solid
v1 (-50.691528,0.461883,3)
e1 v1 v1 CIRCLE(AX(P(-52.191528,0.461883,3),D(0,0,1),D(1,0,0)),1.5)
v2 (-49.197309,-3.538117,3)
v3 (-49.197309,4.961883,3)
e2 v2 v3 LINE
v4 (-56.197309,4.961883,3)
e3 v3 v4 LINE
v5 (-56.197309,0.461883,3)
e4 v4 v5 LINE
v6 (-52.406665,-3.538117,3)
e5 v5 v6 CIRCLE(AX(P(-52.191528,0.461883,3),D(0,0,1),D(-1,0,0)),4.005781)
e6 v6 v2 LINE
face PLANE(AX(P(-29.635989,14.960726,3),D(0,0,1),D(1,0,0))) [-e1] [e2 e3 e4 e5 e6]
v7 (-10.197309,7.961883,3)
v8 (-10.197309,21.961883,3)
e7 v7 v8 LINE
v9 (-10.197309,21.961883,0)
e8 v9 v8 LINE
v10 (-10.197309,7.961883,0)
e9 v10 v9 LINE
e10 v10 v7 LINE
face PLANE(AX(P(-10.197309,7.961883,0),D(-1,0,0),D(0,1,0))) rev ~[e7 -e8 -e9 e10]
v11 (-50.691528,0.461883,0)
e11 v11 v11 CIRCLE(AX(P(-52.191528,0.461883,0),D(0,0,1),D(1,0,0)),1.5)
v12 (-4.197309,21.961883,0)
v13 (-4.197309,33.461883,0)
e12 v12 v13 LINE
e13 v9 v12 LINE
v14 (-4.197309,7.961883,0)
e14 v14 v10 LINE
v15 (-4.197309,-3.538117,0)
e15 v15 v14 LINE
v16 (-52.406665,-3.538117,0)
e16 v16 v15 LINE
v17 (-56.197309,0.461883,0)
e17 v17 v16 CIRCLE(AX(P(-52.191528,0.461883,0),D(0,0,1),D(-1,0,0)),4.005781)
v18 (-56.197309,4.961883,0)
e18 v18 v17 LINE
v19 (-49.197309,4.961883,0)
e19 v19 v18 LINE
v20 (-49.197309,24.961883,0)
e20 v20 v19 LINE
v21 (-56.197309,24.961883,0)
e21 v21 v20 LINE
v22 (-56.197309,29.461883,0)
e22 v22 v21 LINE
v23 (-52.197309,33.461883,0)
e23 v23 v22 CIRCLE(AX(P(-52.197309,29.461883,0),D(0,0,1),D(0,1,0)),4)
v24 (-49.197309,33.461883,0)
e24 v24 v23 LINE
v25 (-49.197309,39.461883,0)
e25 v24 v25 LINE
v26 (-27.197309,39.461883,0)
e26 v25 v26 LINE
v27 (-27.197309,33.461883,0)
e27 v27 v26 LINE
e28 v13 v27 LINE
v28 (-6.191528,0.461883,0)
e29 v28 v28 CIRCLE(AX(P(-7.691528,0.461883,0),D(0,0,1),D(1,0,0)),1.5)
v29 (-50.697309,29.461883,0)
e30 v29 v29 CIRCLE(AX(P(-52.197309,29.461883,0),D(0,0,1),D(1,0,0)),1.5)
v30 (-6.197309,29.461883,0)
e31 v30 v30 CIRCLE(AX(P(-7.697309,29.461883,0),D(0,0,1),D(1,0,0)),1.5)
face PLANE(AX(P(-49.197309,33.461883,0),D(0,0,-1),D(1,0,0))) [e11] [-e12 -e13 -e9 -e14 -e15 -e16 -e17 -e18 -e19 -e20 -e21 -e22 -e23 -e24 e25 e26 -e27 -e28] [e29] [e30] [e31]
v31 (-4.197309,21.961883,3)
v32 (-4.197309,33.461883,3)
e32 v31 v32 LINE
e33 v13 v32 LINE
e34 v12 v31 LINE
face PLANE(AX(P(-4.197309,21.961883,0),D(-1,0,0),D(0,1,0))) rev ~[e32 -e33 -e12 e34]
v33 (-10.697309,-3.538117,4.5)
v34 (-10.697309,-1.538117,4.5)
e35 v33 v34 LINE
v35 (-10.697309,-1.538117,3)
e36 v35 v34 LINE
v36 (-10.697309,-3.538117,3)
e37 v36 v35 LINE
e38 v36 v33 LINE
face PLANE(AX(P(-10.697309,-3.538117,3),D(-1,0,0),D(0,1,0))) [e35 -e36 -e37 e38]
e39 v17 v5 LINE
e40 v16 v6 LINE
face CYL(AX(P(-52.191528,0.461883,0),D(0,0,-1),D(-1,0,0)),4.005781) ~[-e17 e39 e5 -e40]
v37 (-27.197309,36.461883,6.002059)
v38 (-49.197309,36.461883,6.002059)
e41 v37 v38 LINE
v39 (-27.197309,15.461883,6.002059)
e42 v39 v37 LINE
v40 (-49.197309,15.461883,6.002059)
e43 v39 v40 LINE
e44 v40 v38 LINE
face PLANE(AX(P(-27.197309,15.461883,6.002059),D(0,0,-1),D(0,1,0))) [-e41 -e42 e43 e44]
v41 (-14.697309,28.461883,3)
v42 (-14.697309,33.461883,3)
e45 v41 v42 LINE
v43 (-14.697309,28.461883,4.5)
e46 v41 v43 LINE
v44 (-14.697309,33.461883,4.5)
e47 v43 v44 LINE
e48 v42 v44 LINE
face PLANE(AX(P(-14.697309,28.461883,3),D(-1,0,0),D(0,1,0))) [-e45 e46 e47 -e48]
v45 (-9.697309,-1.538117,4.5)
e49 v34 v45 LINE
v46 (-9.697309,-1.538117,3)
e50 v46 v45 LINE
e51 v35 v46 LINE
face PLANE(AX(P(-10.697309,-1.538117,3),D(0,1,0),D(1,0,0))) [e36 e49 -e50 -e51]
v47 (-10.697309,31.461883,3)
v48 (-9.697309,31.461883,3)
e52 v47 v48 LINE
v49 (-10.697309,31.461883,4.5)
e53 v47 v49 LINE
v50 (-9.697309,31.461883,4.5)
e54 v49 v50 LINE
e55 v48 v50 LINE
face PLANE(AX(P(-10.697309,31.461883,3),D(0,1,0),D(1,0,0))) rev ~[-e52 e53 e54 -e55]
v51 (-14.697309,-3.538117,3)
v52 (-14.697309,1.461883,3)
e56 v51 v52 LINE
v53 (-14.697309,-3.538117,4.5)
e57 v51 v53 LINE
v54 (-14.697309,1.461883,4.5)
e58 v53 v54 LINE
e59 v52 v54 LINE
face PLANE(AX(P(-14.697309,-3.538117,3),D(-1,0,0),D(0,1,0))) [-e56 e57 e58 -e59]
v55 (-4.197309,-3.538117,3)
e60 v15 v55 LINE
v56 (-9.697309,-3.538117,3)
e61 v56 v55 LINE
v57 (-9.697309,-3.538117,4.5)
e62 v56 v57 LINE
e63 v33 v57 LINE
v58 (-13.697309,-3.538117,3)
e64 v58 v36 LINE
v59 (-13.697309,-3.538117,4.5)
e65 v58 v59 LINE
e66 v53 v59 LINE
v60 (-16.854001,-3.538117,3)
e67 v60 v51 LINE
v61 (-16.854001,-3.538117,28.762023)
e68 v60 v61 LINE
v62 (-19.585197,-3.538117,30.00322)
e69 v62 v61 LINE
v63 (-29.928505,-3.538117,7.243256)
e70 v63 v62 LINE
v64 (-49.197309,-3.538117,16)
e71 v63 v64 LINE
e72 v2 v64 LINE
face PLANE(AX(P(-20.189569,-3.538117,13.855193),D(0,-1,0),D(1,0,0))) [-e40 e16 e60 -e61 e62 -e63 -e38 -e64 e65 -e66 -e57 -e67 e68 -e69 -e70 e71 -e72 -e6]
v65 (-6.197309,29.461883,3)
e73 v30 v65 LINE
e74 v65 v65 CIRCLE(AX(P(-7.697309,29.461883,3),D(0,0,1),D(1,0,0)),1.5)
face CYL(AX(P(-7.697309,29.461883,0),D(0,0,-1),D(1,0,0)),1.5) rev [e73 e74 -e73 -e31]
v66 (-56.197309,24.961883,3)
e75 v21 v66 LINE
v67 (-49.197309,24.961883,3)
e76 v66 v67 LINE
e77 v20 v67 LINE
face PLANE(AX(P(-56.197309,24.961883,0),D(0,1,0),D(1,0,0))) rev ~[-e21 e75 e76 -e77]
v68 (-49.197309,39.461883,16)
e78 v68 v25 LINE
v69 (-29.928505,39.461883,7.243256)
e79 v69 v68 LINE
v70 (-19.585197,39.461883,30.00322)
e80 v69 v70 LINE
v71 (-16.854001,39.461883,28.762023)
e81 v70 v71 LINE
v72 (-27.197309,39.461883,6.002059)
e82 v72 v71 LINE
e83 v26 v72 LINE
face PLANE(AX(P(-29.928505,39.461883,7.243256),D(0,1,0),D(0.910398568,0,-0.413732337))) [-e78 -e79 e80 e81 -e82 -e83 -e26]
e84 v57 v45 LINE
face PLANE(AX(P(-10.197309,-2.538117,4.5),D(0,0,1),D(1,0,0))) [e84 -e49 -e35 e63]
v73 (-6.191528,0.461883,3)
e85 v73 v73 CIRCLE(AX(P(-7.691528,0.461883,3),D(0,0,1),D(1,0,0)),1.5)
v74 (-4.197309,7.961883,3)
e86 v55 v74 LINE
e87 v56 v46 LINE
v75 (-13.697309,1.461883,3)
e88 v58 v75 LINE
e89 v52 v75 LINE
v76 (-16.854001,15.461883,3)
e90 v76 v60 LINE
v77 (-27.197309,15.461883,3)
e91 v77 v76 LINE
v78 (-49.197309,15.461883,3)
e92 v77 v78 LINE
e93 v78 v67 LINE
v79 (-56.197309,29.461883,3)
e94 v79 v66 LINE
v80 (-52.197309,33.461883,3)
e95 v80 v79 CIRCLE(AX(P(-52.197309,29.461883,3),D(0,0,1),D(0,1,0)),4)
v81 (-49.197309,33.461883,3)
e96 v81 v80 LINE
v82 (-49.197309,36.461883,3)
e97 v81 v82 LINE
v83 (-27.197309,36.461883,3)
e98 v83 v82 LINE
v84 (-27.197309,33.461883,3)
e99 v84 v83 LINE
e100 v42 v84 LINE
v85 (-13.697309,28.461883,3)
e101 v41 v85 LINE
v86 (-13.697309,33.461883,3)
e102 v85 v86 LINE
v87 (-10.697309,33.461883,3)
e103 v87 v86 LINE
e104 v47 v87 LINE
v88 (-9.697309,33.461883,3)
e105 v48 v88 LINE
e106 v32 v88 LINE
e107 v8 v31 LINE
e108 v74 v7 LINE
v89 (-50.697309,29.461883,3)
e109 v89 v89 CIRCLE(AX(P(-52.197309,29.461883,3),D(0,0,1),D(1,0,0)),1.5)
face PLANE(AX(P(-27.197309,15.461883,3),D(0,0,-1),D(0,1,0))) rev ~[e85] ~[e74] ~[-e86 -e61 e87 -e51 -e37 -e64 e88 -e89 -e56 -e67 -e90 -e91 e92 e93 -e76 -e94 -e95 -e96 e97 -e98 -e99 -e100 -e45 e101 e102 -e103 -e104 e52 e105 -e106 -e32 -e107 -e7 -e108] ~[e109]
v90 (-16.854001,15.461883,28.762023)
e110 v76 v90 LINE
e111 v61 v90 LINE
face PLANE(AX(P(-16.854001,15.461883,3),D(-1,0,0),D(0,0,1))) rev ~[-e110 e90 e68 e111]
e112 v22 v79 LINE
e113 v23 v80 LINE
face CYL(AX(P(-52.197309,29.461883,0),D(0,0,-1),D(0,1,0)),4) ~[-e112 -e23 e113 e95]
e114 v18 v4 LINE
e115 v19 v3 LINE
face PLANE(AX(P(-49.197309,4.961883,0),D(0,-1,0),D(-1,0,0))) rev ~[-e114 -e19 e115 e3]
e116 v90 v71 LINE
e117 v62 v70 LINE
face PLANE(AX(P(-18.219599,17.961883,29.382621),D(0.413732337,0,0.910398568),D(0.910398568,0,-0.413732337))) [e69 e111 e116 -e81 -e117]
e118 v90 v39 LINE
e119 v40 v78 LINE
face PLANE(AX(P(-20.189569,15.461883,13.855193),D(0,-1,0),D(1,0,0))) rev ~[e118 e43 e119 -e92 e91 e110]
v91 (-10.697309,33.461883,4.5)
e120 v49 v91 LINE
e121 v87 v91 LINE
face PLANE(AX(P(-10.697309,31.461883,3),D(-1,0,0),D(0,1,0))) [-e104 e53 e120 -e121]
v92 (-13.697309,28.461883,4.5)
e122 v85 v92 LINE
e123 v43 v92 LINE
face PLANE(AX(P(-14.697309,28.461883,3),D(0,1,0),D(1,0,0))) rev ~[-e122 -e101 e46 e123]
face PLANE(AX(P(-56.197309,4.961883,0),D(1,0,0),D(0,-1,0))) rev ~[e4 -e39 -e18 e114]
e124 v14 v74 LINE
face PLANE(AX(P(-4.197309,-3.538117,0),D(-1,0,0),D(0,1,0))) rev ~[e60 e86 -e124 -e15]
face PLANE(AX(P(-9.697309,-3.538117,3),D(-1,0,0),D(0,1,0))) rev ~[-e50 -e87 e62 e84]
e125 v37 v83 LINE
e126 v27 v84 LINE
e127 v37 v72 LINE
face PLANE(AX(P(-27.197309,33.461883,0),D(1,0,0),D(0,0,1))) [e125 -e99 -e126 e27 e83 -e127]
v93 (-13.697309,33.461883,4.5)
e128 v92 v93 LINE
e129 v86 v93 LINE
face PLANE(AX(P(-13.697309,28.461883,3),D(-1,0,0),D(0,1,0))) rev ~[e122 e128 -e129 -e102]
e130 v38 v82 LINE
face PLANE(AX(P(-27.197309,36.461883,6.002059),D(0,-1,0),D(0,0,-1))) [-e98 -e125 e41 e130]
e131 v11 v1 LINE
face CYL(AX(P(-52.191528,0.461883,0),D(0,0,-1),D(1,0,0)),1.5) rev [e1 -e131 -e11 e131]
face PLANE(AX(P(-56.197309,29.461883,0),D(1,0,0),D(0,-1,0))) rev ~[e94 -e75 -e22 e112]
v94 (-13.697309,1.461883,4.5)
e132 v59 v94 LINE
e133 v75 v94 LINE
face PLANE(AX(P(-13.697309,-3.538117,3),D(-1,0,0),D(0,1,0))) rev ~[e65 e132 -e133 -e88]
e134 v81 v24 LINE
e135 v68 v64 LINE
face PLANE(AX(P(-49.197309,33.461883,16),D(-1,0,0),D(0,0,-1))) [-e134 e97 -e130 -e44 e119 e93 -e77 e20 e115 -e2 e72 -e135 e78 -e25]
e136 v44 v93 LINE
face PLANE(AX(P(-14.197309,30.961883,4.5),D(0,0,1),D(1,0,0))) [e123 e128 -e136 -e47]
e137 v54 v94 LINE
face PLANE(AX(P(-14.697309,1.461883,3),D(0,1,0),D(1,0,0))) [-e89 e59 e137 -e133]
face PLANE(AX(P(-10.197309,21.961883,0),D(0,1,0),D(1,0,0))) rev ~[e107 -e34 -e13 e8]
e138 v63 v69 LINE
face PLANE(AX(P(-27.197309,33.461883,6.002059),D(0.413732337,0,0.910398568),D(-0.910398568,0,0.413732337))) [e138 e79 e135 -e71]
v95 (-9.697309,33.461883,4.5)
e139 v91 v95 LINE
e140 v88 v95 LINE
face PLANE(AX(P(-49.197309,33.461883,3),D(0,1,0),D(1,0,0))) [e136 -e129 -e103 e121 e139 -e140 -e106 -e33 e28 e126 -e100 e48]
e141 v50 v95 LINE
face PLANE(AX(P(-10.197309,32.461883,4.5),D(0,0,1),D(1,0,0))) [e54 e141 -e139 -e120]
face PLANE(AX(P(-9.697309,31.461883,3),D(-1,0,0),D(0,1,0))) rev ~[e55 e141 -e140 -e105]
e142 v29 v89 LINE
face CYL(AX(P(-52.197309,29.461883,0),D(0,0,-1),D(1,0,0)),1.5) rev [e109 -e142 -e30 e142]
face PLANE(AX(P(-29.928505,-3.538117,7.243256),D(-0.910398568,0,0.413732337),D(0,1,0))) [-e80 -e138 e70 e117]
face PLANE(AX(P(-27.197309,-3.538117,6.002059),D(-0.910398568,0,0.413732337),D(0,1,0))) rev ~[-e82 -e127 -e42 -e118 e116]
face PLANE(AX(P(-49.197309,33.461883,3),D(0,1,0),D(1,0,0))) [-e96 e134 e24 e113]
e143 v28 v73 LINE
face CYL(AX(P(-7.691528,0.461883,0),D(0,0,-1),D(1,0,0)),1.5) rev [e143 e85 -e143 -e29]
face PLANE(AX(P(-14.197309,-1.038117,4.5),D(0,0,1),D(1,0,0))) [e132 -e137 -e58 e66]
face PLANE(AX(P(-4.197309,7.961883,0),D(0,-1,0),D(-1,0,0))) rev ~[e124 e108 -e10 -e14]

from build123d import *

# Parameters (mm, degrees)
CROQUIS1_R              = 1.5
SALIENTE_EXTRUIR1_DEPTH = 3
CROQUIS3_W              = 22
CROQUIS3_H              = 37
SALIENTE_EXTRUIR2_DEPTH = 13
CORTAR_EXTRUIR1_START   = -37
CORTAR_EXTRUIR1_DEPTH   = 37
SALIENTE_EXTRUIR4_DEPTH = 6
CROQUIS7_W              = 3.002058729
CROQUIS7_H              = 21
CORTAR_EXTRUIR2_DEPTH   = 22
CROQUIS8_W              = 3
CROQUIS8_H              = 43
SALIENTE_EXTRUIR5_DEPTH = 25
SALIENTE_EXTRUIR6_START = -19
SALIENTE_EXTRUIR6_DEPTH = 19
CROQUIS13_W             = 1
CROQUIS13_H             = 2
CROQUIS13_H_2           = 5
SALIENTE_EXTRUIR8_DEPTH = 1.5


with BuildPart() as part:
    # Croquis1 → Saliente-Extruir1 (new body)
    with BuildSketch(Plane.XY):
        with BuildLine():
            Line((-4.197309417, 33.461883408), (-52.197309417, 33.461883408))
            ThreePointArc((-52.197309417, 33.461883408), (-55.025736542, 32.290310533), (-56.197309417, 29.461883408))
            Line((-56.197309417, 29.461883408), (-56.197309417, 24.961883408))
            Line((-56.197309417, 24.961883408), (-49.197309417, 24.961883408))
            Line((-49.197309417, 24.961883408), (-49.197309417, 4.961883408))
            Line((-49.197309417, 4.961883408), (-56.197309417, 4.961883408))
            Line((-56.197309417, 4.961883408), (-56.197309417, 0.461883408))
            ThreePointArc((-56.197309417, 0.461883408), (-55.099110766, -2.293519818), (-52.406664651, -3.538116592))
            Line((-52.406664651, -3.538116592), (-4.197309417, -3.538116592))
            Line((-4.197309417, -3.538116592), (-4.197309417, 7.961883408))
            Line((-4.197309417, 7.961883408), (-10.197309417, 7.961883408))
            Line((-10.197309417, 7.961883408), (-10.197309417, 21.961883408))
            Line((-10.197309417, 21.961883408), (-4.197309417, 21.961883408))
            Line((-4.197309417, 21.961883408), (-4.197309417, 33.461883408))
        make_face()
        with Locations((-52.19152813, 0.461883408)):
            Circle(CROQUIS1_R, mode=Mode.SUBTRACT)
        with Locations((-7.69152813, 0.461883408)):
            Circle(CROQUIS1_R, mode=Mode.SUBTRACT)
        with Locations((-52.197309417, 29.461883408)):
            Circle(CROQUIS1_R, mode=Mode.SUBTRACT)
        with Locations((-7.697309417, 29.461882832)):
            Circle(CROQUIS1_R, mode=Mode.SUBTRACT)
    extrude(amount=SALIENTE_EXTRUIR1_DEPTH)

    # Croquis3 → Saliente-Extruir2 (add)
    with BuildSketch(Plane.XY.offset(3)):
        with Locations((-38.197309417, 14.961883408)):
            Rectangle(CROQUIS3_W, CROQUIS3_H)
    extrude(amount=SALIENTE_EXTRUIR2_DEPTH)

    # Croquis4 → Cortar-Extruir1 (cut)
    with BuildSketch(Plane.XZ.offset(3.538116592).offset(CORTAR_EXTRUIR1_START)):
        Polygon((-27.197309417, 16), (-27.197309417, 6.002058729), (-49.197309417, 16), align=None)
    extrude(amount=CORTAR_EXTRUIR1_DEPTH, mode=Mode.SUBTRACT)

    # Croquis6 → Saliente-Extruir4 (add)
    with BuildSketch(Plane(origin=(0, 33.461883408, 0), x_dir=(1, 0, 0), z_dir=(0, 1, 0))):
        Polygon((-27.197309417, -6.002058729), (-49.197309417, -16), (-49.197309417, 0), (-27.197309417, 0), align=None)
    extrude(amount=SALIENTE_EXTRUIR4_DEPTH)

    # Croquis7 → Cortar-Extruir2 (cut)
    with BuildSketch(Plane(origin=(-27.197309417, 0, 0), x_dir=(0, 0, -1), z_dir=(1, 0, 0))):
        with Locations((-4.501029365, 25.961883408)):
            Rectangle(CROQUIS7_W, CROQUIS7_H)
    extrude(amount=-CORTAR_EXTRUIR2_DEPTH, mode=Mode.SUBTRACT)

    # Croquis8 → Saliente-Extruir5 (add)
    with BuildSketch(Plane(origin=(-2.394740987, 0, -5.269515022), x_dir=(0.9103985682863143, 0, -0.4137323372208525), z_dir=(0.4137323372208525, 0, 0.9103985682863143))):
        with Locations((-28.743637341, 17.961883408)):
            Rectangle(CROQUIS8_W, CROQUIS8_H)
    extrude(amount=SALIENTE_EXTRUIR5_DEPTH)

    # Croquis9 → Saliente-Extruir6 (add)
    with BuildSketch(Plane.XZ.offset(3.538116592).offset(SALIENTE_EXTRUIR6_START)):
        Polygon((-16.854000987, 28.762022936), (-27.197309417, 6.002058729), (-27.197309417, 3), (-16.854000987, 3), align=None)
    extrude(amount=SALIENTE_EXTRUIR6_DEPTH)

    # Croquis13 → Saliente-Extruir8 (add)
    with BuildSketch(Plane.XY.offset(3)):
        with Locations((-10.197309417, -2.538116592)):
            Rectangle(CROQUIS13_W, CROQUIS13_H)
        with Locations((-10.197309417, 32.461883408)):
            Rectangle(CROQUIS13_W, CROQUIS13_H)
        with Locations((-14.197309417, 30.961883408)):
            Rectangle(CROQUIS13_W, CROQUIS13_H_2)
        with Locations((-14.197309417, -1.038116592)):
            Rectangle(CROQUIS13_W, CROQUIS13_H_2)
    extrude(amount=SALIENTE_EXTRUIR8_DEPTH)


solid = part.part
